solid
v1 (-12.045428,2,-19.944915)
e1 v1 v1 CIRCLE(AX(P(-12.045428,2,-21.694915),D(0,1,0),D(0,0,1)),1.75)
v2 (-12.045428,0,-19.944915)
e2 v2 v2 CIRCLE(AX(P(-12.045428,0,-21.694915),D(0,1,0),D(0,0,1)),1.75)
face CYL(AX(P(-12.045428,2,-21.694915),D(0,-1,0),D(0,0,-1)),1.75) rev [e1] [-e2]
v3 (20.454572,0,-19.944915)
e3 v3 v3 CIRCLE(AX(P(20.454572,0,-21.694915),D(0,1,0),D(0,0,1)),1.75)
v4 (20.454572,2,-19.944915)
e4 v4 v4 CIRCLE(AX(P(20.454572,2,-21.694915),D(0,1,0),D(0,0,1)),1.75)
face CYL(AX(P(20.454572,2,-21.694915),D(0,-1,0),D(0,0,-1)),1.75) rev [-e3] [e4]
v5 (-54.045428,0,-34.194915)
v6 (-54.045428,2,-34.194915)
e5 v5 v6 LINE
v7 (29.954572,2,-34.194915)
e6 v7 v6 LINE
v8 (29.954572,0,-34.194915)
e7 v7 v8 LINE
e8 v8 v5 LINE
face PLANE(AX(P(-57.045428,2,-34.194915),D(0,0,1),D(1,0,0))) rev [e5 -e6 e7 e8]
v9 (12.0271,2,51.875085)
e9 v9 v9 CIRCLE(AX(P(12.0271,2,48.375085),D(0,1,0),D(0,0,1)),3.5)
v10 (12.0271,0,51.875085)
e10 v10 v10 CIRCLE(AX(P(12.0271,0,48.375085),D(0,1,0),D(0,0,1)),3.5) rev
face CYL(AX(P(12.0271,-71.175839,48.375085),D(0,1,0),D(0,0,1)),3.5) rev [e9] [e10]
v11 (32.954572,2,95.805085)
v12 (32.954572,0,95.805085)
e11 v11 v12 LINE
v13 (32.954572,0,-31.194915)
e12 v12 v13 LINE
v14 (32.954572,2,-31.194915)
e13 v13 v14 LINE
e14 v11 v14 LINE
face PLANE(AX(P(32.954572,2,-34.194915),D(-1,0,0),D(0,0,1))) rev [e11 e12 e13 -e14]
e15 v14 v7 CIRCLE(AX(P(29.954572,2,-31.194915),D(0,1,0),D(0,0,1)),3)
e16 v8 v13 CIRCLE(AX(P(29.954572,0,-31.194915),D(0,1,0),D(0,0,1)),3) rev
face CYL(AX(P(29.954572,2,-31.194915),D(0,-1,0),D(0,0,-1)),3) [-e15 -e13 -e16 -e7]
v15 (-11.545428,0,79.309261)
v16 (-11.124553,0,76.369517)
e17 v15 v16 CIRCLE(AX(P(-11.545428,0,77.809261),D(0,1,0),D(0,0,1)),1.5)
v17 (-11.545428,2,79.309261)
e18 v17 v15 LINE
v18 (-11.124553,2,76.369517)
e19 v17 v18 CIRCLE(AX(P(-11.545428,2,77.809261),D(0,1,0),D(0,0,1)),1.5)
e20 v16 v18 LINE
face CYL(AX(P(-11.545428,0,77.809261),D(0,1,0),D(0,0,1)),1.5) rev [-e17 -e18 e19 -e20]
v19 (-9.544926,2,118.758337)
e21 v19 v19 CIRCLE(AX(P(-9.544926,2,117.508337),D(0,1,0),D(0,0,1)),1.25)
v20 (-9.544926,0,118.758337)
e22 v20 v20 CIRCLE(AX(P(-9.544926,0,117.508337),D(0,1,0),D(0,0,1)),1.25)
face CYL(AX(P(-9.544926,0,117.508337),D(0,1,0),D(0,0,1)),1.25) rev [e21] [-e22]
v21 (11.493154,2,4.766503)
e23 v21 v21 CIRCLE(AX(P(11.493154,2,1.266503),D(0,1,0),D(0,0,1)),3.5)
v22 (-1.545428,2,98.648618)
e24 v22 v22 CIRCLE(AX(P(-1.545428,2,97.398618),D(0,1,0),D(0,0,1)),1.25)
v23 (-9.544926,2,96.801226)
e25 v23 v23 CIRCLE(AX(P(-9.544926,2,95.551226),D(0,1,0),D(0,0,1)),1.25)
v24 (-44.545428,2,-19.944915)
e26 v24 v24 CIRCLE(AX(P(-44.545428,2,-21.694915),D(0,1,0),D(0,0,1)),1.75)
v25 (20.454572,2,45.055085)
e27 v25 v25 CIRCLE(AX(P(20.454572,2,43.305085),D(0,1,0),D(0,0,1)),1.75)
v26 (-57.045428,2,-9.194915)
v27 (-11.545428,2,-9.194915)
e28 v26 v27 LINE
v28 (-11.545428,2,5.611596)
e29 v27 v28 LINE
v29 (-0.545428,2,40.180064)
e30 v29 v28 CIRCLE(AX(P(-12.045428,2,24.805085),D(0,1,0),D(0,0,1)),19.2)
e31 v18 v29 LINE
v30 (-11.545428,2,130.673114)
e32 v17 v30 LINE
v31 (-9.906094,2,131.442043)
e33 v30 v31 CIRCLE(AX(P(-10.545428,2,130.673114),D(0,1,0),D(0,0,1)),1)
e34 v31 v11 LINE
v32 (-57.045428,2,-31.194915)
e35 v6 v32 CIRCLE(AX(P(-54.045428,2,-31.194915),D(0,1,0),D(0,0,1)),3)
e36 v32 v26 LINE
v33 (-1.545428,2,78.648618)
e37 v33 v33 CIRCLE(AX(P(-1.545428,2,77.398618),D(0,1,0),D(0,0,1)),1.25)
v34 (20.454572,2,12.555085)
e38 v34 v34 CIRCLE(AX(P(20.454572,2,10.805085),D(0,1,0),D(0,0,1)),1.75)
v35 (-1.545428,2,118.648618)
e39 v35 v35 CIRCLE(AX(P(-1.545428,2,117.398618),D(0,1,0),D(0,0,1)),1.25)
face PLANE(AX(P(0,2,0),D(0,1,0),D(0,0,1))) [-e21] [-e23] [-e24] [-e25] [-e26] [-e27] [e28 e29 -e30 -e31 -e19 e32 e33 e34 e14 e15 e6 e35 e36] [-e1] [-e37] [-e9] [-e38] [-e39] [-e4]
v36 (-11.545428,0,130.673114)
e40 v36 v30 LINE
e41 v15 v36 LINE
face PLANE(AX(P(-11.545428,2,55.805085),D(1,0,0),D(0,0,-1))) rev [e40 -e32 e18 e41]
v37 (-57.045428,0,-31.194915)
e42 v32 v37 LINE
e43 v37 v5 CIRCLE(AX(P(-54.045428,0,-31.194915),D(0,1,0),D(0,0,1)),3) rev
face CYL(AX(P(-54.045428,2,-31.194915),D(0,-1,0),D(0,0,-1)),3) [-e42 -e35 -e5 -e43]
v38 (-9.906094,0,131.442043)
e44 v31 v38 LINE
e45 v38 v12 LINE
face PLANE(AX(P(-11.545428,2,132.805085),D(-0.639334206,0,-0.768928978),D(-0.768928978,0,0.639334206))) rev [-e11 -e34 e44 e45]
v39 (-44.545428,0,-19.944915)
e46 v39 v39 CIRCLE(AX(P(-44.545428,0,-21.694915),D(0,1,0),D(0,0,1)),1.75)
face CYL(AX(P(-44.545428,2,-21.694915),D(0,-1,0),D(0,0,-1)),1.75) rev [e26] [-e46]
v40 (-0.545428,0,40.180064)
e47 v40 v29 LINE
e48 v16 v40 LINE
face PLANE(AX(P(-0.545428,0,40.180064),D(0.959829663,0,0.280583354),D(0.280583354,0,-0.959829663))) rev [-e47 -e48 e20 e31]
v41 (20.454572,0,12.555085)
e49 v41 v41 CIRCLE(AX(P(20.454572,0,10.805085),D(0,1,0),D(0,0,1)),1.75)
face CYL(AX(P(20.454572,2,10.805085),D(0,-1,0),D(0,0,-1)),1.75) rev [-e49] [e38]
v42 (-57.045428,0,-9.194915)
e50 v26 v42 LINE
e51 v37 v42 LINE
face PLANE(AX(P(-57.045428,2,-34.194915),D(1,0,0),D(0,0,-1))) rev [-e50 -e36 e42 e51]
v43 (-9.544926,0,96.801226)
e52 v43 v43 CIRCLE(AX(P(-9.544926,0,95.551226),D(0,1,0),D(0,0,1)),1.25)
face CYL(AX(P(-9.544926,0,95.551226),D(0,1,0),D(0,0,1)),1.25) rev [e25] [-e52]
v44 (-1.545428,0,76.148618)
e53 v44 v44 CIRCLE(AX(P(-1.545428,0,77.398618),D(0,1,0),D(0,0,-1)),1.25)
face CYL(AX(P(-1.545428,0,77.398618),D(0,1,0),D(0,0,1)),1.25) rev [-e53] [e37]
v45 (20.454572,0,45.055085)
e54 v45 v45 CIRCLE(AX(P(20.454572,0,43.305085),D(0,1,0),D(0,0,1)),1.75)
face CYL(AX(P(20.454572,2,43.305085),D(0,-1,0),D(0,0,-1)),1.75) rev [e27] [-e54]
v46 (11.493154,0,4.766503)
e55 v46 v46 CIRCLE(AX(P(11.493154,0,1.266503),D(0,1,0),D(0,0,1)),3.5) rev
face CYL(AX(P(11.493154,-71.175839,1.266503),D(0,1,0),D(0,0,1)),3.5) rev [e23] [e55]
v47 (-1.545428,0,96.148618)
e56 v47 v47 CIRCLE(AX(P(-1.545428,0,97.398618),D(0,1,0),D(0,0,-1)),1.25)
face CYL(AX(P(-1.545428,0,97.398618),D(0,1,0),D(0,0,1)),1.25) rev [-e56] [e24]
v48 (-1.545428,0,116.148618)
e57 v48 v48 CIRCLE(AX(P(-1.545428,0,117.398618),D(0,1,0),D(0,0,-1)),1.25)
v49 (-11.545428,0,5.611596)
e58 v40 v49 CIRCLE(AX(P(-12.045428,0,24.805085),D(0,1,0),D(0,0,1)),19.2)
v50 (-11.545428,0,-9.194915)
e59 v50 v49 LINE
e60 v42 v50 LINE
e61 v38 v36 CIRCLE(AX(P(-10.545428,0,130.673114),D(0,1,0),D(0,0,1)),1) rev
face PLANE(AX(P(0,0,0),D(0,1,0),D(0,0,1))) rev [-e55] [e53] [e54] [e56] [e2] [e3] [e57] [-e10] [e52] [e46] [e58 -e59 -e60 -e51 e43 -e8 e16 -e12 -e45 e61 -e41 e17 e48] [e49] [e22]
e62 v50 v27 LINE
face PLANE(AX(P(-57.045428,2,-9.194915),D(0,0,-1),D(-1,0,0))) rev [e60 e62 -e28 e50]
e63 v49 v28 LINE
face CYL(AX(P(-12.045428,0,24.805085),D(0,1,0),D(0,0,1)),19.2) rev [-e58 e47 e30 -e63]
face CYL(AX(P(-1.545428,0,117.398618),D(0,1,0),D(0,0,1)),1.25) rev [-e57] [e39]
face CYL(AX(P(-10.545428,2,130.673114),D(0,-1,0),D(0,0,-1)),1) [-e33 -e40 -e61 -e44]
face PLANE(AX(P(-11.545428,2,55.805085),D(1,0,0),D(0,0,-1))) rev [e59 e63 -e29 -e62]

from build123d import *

# Parameters (mm, degrees)
SKETCH_1_R               = 1.75
EXTRUDE_1_DEPTH          = 2
SKETCH_4_W               = 29
SKETCH_4_H               = 65
SKETCH_4_R               = 3.5
EXTRUDE_2_DEPTH          = 2
SKETCH_5_R               = 19.2
CUT_EXTRUDE_1_DEPTH      = 1
CUT_EXTRUDE_1_DEPTH_BACK = 3
CUT_EXTRUDE_2_DEPTH      = 1
CUT_EXTRUDE_2_DEPTH_BACK = 3
FILLET_1_R               = 3
SKETCH_9_R               = 1.5
CUT_EXTRUDE_4_DEPTH      = 1
CUT_EXTRUDE_4_DEPTH_BACK = 3
FILLET_2_R               = 1
SKETCH_13_R              = 1.25
CUT_EXTRUDE_6_DEPTH      = 1
CUT_EXTRUDE_6_DEPTH_BACK = 3
SKETCH_15_R              = 1.25
CUT_EXTRUDE_7_DEPTH      = 1
CUT_EXTRUDE_7_DEPTH_BACK = 3


with BuildPart() as part:
    # Эскиз1 → Бобышка-Вытянуть1 (new body)
    with BuildSketch(Plane(origin=(0, 0, 0), x_dir=(1, 0, 0), z_dir=(0, 1, 0))):
        Polygon((-57.045428332, 34.194915254), (32.954571668, 34.194915254), (32.954571668, -95.805084746), (-11.545428332, -132.805084746), (-11.545428332, -55.805084746), (17.454571668, -55.805084746), (17.454571668, 9.194915254), (-57.045428332, 9.194915254), align=None)
        with Locations((-44.545428332, 21.694915254)):
            Circle(SKETCH_1_R, mode=Mode.SUBTRACT)
        with Locations((-12.045428332, 21.694915254)):
            Circle(SKETCH_1_R, mode=Mode.SUBTRACT)
        with Locations((20.454571668, 21.694915254)):
            Circle(SKETCH_1_R, mode=Mode.SUBTRACT)
        with Locations((20.454571668, -10.805084746)):
            Circle(SKETCH_1_R, mode=Mode.SUBTRACT)
        with Locations((20.454571668, -43.305084746)):
            Circle(SKETCH_1_R, mode=Mode.SUBTRACT)
    extrude(amount=EXTRUDE_1_DEPTH)

    # Эскиз4 → Бобышка-Вытянуть2 (add)
    with BuildSketch(Plane(origin=(0, 2, 0), x_dir=(1, 0, 0), z_dir=(0, 1, 0))):
        with Locations((2.954571668, -23.305084746)):
            Rectangle(SKETCH_4_W, SKETCH_4_H)
        with Locations((12.027100485, -48.375084746)):
            Circle(SKETCH_4_R, mode=Mode.SUBTRACT)
        with Locations((11.493153901, -1.266502513)):
            Circle(SKETCH_4_R, mode=Mode.SUBTRACT)
    extrude(amount=-EXTRUDE_2_DEPTH)

    # Эскиз5 → Вырез-Вытянуть1 (cut, two sides)
    with BuildSketch(Plane(origin=(0, 2, 0), x_dir=(1, 0, 0), z_dir=(0, 1, 0))) as cut_extrude_1_sk:
        with Locations((-12.045428332, -24.805084746)):
            Circle(SKETCH_5_R)
    extrude(amount=CUT_EXTRUDE_1_DEPTH, mode=Mode.SUBTRACT)
    extrude(cut_extrude_1_sk.sketch, amount=-CUT_EXTRUDE_1_DEPTH_BACK, mode=Mode.SUBTRACT)

    # Эскиз7 → Вырез-Вытянуть2 (cut, two sides)
    with BuildSketch(Plane(origin=(0, 2, 0), x_dir=(1, 0, 0), z_dir=(0, 1, 0))) as cut_extrude_2_sk:
        with BuildLine():
            Line((-0.545428332, -40.180064421), (-11.545428332, -77.80926144))
            Line((-11.545428332, -77.80926144), (-11.545428332, -43.998573225))
            ThreePointArc((-11.545428332, -43.998573225), (-5.751853603, -42.935021213), (-0.545428332, -40.180064421))
        make_face()
    extrude(amount=CUT_EXTRUDE_2_DEPTH, mode=Mode.SUBTRACT)
    extrude(cut_extrude_2_sk.sketch, amount=-CUT_EXTRUDE_2_DEPTH_BACK, mode=Mode.SUBTRACT)

    # Скругление1
    fillet_1_edges = [part.edges().sort_by_distance(p)[0] for p in [
        (-57.045428332, 1, -34.194915254),
        (32.954571668, 1, -34.194915254),
    ]]
    fillet(fillet_1_edges, radius=FILLET_1_R)

    # Эскиз9 → Вырез-Вытянуть4 (cut, two sides)
    with BuildSketch(Plane(origin=(0, 2, 0), x_dir=(1, 0, 0), z_dir=(0, 1, 0))) as cut_extrude_4_sk:
        with Locations((-11.545428332, -77.80926144)):
            Circle(SKETCH_9_R)
    extrude(amount=CUT_EXTRUDE_4_DEPTH, mode=Mode.SUBTRACT)
    extrude(cut_extrude_4_sk.sketch, amount=-CUT_EXTRUDE_4_DEPTH_BACK, mode=Mode.SUBTRACT)

    # Скругление2
    fillet_2_edges = [part.edges().sort_by_distance(p)[0] for p in [
        (-11.545428332, 1, 132.805084746),
    ]]
    fillet(fillet_2_edges, radius=FILLET_2_R)

    # Эскиз13 → Вырез-Вытянуть6 (cut, two sides)
    with BuildSketch(Plane(origin=(0, 2, 0), x_dir=(1, 0, 0), z_dir=(0, 1, 0))) as cut_extrude_6_sk:
        with Locations((-9.54492596, -95.551225642)):
            Circle(SKETCH_13_R)
        with Locations((-9.54492596, -117.508337259)):
            Circle(SKETCH_13_R)
    extrude(amount=CUT_EXTRUDE_6_DEPTH, mode=Mode.SUBTRACT)
    extrude(cut_extrude_6_sk.sketch, amount=-CUT_EXTRUDE_6_DEPTH_BACK, mode=Mode.SUBTRACT)

    # Эскиз15 → Вырез-Вытянуть7 (cut, two sides)
    with BuildSketch(Plane(origin=(0, 2, 0), x_dir=(1, 0, 0), z_dir=(0, 1, 0))) as cut_extrude_7_sk:
        with Locations((-1.545428332, -117.398618322)):
            Circle(SKETCH_15_R)
        with Locations((-1.545428332, -97.398618322)):
            Circle(SKETCH_15_R)
        with Locations((-1.545428332, -77.398618322)):
            Circle(SKETCH_15_R)
    extrude(amount=CUT_EXTRUDE_7_DEPTH, mode=Mode.SUBTRACT)
    extrude(cut_extrude_7_sk.sketch, amount=-CUT_EXTRUDE_7_DEPTH_BACK, mode=Mode.SUBTRACT)


solid = part.part
